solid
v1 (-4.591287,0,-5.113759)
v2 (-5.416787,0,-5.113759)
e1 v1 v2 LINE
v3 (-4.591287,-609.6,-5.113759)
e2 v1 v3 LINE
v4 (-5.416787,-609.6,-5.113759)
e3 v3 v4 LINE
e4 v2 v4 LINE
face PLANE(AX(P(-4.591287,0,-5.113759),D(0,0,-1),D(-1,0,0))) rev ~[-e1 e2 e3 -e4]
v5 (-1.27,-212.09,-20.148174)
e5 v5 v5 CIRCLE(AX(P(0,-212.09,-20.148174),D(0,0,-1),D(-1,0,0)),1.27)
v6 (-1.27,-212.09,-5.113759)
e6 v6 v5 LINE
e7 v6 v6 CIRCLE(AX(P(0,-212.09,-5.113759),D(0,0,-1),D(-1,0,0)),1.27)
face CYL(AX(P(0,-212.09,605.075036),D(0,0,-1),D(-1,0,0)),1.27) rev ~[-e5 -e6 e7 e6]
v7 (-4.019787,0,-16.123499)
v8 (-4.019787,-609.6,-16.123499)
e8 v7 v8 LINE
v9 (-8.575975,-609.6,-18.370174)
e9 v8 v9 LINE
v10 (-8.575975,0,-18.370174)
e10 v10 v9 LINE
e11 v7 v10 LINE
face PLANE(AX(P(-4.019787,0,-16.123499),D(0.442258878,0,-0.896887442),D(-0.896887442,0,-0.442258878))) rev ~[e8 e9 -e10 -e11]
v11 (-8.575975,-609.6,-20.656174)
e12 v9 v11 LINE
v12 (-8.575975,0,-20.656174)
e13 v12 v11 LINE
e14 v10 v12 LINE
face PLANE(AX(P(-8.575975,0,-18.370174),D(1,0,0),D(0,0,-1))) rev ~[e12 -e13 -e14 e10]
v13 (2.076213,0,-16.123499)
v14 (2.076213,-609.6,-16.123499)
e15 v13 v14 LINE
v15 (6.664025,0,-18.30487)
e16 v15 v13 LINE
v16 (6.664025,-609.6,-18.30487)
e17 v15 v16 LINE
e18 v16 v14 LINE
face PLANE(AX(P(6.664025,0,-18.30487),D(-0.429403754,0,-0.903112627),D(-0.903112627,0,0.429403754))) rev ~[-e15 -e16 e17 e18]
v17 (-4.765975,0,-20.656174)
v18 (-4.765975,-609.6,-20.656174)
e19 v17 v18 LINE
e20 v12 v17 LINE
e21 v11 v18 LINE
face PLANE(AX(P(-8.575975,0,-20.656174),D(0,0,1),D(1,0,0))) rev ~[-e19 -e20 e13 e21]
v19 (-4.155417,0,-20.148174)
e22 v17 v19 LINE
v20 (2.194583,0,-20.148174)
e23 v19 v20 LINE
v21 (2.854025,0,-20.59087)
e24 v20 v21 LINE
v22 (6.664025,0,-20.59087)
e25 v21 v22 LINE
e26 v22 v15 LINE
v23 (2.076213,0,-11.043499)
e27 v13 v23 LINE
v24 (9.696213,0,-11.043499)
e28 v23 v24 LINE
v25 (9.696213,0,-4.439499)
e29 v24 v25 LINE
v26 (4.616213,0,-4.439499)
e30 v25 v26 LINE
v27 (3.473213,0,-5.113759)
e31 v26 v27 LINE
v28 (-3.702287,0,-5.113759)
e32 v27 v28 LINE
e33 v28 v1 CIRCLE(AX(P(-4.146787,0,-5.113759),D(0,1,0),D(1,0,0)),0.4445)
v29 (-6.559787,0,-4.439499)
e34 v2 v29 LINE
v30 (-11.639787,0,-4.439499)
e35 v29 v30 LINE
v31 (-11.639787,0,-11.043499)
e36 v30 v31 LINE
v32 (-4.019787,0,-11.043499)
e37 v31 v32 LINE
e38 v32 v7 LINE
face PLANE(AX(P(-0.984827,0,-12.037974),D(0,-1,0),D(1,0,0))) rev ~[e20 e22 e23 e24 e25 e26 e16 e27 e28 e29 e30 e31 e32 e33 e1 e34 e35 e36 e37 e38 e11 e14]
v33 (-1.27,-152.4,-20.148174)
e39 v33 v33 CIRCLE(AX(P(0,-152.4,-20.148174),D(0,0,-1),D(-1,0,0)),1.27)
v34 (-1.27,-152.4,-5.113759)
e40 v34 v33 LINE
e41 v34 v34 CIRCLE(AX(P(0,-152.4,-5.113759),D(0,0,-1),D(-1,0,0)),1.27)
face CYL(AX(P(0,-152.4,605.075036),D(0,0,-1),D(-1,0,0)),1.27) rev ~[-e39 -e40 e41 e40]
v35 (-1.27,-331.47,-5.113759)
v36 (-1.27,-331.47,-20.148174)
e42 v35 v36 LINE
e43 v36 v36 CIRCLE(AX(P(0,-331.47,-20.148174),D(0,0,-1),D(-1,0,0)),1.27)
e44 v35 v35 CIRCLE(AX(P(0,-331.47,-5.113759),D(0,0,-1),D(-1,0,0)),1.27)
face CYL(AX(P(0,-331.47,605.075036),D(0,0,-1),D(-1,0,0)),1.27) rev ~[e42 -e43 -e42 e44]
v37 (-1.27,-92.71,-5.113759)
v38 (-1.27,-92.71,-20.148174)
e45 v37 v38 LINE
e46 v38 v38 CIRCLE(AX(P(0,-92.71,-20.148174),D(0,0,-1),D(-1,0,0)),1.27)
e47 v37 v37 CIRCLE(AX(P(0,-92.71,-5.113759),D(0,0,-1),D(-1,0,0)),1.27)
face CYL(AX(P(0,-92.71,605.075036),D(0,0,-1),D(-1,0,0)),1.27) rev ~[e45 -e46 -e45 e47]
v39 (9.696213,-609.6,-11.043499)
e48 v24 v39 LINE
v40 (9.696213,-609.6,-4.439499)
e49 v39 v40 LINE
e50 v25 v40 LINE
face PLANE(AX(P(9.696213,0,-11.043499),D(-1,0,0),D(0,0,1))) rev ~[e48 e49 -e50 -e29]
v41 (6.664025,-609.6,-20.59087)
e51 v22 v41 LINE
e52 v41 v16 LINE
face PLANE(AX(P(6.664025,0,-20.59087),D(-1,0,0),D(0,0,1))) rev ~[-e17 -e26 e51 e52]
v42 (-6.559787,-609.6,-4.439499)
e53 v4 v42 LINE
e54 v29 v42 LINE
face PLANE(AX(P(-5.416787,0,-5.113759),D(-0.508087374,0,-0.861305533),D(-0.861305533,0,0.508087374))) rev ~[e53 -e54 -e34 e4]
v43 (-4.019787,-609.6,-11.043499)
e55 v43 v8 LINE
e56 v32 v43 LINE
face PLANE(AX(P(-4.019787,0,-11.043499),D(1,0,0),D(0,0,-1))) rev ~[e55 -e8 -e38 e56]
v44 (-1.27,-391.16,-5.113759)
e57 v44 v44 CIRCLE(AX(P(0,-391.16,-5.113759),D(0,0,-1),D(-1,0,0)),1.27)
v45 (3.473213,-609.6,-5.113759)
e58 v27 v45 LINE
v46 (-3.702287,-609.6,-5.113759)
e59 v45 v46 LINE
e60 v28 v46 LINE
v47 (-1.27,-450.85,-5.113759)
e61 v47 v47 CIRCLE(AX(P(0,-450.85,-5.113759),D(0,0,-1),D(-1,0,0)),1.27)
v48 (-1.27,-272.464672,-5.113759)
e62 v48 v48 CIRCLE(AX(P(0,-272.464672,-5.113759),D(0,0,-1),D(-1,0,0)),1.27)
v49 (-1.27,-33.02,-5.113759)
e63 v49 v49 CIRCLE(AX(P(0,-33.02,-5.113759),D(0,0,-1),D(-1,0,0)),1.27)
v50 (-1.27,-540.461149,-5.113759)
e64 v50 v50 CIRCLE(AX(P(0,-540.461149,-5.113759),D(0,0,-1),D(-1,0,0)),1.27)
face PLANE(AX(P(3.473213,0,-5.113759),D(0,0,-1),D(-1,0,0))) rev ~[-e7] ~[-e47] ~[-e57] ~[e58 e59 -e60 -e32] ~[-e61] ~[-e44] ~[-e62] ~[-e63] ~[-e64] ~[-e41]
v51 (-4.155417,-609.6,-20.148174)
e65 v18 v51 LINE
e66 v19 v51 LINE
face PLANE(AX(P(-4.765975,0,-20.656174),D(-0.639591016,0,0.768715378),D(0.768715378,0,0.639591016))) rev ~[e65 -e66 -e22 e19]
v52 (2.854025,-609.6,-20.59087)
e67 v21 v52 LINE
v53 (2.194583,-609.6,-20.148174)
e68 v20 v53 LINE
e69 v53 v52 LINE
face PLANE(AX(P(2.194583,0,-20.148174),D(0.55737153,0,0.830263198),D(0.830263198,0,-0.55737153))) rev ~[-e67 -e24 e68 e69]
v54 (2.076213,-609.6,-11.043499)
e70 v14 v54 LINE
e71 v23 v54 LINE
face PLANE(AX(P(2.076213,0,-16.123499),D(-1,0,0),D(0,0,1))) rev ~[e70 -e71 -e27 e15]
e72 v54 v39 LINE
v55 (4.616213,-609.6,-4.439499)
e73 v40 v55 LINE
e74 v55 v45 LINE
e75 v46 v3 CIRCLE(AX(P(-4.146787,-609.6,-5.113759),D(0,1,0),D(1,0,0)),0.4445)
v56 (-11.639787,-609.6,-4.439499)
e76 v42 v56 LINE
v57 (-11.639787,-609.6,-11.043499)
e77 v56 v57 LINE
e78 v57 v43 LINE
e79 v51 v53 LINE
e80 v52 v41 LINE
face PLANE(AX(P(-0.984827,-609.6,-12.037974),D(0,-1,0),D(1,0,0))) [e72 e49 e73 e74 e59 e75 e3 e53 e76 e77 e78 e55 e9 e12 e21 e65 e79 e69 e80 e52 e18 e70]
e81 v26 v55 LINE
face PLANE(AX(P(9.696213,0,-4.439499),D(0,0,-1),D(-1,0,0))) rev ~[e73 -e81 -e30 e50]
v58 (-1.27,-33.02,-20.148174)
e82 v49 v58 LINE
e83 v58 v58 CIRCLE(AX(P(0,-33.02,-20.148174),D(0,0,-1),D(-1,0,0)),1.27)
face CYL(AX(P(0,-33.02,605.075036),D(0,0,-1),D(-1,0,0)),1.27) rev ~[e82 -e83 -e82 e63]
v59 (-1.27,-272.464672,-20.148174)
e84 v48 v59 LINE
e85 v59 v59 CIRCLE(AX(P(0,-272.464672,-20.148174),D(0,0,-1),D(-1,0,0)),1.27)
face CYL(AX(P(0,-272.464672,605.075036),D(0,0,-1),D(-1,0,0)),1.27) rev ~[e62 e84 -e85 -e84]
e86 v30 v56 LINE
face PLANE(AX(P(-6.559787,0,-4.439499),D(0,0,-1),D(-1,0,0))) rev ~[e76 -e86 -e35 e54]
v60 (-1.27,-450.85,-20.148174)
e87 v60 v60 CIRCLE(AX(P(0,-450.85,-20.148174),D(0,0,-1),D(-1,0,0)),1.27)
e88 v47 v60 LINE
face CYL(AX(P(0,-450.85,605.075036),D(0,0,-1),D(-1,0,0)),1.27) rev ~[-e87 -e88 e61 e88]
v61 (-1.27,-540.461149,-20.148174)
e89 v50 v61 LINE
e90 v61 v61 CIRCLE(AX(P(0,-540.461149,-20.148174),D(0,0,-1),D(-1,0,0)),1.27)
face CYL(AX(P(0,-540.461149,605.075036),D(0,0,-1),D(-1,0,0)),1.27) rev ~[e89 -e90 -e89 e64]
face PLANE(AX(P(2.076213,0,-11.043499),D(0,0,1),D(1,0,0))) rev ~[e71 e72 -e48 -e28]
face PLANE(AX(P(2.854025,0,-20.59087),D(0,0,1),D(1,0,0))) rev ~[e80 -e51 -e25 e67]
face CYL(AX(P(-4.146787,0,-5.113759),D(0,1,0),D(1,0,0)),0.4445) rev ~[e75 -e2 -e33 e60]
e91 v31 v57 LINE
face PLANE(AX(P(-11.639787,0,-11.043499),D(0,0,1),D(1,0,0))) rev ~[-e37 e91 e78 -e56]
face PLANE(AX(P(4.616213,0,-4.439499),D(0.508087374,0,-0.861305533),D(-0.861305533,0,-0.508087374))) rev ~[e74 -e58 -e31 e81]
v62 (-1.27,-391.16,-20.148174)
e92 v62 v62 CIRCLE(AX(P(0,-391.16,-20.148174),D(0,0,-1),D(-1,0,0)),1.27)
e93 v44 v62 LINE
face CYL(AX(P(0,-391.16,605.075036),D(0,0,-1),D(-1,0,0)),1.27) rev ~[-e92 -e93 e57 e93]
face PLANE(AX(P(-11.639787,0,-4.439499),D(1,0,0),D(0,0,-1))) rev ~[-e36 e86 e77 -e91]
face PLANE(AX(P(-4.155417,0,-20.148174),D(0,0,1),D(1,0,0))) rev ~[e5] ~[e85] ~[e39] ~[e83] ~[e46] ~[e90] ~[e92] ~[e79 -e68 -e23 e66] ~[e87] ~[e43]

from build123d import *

# Parameters (mm, degrees)
F1_DEPTH = 609.6
F3_D     = 2.54


with BuildPart() as f1:
    # F0 (on Front) → F1 (new body)
    with BuildSketch(Plane.XZ):
        with BuildLine():
            Line((-6.559787, -4.439499), (-11.639787, -4.439499))
            Line((-11.639787, -4.439499), (-11.639787, -11.043499))
            Line((-11.639787, -11.043499), (-4.019787, -11.043499))
            Line((-4.019787, -11.043499), (-4.019787, -16.123499))
            Line((-4.019787, -16.123499), (-8.575975, -18.370174))
            Line((-8.575975, -18.370174), (-8.575975, -20.656174))
            Line((-8.575975, -20.656174), (-4.765975, -20.656174))
            Line((-4.765975, -20.656174), (-4.155417, -20.148174))
            Line((-4.155417, -20.148174), (2.194583, -20.148174))
            Line((2.194583, -20.148174), (2.854025, -20.59087))
            Line((2.854025, -20.59087), (6.664025, -20.59087))
            Line((6.664025, -20.59087), (6.664025, -18.30487))
            Line((6.664025, -18.30487), (2.076213, -16.123499))
            Line((2.076213, -16.123499), (2.076213, -11.043499))
            Line((2.076213, -11.043499), (9.696213, -11.043499))
            Line((9.696213, -11.043499), (9.696213, -4.439499))
            Line((9.696213, -4.439499), (4.616213, -4.439499))
            Line((4.616213, -4.439499), (3.473213, -5.113759))
            Line((3.473213, -5.113759), (-3.702287, -5.113759))
            ThreePointArc((-3.702287, -5.113759), (-4.146787, -5.558259), (-4.591287, -5.113759))
            Line((-4.591287, -5.113759), (-5.416787, -5.113759))
            Line((-5.416787, -5.113759), (-6.559787, -4.439499))
        make_face()
    extrude(amount=F1_DEPTH)

    # F3 (through all)
    with Locations(Plane.XY.offset(-5.113759)):
        with Locations((0, -33.02), (0, -92.71), (0, -152.4), (0, -212.09), (0, -272.464672), (0, -331.47), (0, -391.16), (0, -450.85), (0, -540.461149)):
            Hole(F3_D / 2)


solid = f1.part
